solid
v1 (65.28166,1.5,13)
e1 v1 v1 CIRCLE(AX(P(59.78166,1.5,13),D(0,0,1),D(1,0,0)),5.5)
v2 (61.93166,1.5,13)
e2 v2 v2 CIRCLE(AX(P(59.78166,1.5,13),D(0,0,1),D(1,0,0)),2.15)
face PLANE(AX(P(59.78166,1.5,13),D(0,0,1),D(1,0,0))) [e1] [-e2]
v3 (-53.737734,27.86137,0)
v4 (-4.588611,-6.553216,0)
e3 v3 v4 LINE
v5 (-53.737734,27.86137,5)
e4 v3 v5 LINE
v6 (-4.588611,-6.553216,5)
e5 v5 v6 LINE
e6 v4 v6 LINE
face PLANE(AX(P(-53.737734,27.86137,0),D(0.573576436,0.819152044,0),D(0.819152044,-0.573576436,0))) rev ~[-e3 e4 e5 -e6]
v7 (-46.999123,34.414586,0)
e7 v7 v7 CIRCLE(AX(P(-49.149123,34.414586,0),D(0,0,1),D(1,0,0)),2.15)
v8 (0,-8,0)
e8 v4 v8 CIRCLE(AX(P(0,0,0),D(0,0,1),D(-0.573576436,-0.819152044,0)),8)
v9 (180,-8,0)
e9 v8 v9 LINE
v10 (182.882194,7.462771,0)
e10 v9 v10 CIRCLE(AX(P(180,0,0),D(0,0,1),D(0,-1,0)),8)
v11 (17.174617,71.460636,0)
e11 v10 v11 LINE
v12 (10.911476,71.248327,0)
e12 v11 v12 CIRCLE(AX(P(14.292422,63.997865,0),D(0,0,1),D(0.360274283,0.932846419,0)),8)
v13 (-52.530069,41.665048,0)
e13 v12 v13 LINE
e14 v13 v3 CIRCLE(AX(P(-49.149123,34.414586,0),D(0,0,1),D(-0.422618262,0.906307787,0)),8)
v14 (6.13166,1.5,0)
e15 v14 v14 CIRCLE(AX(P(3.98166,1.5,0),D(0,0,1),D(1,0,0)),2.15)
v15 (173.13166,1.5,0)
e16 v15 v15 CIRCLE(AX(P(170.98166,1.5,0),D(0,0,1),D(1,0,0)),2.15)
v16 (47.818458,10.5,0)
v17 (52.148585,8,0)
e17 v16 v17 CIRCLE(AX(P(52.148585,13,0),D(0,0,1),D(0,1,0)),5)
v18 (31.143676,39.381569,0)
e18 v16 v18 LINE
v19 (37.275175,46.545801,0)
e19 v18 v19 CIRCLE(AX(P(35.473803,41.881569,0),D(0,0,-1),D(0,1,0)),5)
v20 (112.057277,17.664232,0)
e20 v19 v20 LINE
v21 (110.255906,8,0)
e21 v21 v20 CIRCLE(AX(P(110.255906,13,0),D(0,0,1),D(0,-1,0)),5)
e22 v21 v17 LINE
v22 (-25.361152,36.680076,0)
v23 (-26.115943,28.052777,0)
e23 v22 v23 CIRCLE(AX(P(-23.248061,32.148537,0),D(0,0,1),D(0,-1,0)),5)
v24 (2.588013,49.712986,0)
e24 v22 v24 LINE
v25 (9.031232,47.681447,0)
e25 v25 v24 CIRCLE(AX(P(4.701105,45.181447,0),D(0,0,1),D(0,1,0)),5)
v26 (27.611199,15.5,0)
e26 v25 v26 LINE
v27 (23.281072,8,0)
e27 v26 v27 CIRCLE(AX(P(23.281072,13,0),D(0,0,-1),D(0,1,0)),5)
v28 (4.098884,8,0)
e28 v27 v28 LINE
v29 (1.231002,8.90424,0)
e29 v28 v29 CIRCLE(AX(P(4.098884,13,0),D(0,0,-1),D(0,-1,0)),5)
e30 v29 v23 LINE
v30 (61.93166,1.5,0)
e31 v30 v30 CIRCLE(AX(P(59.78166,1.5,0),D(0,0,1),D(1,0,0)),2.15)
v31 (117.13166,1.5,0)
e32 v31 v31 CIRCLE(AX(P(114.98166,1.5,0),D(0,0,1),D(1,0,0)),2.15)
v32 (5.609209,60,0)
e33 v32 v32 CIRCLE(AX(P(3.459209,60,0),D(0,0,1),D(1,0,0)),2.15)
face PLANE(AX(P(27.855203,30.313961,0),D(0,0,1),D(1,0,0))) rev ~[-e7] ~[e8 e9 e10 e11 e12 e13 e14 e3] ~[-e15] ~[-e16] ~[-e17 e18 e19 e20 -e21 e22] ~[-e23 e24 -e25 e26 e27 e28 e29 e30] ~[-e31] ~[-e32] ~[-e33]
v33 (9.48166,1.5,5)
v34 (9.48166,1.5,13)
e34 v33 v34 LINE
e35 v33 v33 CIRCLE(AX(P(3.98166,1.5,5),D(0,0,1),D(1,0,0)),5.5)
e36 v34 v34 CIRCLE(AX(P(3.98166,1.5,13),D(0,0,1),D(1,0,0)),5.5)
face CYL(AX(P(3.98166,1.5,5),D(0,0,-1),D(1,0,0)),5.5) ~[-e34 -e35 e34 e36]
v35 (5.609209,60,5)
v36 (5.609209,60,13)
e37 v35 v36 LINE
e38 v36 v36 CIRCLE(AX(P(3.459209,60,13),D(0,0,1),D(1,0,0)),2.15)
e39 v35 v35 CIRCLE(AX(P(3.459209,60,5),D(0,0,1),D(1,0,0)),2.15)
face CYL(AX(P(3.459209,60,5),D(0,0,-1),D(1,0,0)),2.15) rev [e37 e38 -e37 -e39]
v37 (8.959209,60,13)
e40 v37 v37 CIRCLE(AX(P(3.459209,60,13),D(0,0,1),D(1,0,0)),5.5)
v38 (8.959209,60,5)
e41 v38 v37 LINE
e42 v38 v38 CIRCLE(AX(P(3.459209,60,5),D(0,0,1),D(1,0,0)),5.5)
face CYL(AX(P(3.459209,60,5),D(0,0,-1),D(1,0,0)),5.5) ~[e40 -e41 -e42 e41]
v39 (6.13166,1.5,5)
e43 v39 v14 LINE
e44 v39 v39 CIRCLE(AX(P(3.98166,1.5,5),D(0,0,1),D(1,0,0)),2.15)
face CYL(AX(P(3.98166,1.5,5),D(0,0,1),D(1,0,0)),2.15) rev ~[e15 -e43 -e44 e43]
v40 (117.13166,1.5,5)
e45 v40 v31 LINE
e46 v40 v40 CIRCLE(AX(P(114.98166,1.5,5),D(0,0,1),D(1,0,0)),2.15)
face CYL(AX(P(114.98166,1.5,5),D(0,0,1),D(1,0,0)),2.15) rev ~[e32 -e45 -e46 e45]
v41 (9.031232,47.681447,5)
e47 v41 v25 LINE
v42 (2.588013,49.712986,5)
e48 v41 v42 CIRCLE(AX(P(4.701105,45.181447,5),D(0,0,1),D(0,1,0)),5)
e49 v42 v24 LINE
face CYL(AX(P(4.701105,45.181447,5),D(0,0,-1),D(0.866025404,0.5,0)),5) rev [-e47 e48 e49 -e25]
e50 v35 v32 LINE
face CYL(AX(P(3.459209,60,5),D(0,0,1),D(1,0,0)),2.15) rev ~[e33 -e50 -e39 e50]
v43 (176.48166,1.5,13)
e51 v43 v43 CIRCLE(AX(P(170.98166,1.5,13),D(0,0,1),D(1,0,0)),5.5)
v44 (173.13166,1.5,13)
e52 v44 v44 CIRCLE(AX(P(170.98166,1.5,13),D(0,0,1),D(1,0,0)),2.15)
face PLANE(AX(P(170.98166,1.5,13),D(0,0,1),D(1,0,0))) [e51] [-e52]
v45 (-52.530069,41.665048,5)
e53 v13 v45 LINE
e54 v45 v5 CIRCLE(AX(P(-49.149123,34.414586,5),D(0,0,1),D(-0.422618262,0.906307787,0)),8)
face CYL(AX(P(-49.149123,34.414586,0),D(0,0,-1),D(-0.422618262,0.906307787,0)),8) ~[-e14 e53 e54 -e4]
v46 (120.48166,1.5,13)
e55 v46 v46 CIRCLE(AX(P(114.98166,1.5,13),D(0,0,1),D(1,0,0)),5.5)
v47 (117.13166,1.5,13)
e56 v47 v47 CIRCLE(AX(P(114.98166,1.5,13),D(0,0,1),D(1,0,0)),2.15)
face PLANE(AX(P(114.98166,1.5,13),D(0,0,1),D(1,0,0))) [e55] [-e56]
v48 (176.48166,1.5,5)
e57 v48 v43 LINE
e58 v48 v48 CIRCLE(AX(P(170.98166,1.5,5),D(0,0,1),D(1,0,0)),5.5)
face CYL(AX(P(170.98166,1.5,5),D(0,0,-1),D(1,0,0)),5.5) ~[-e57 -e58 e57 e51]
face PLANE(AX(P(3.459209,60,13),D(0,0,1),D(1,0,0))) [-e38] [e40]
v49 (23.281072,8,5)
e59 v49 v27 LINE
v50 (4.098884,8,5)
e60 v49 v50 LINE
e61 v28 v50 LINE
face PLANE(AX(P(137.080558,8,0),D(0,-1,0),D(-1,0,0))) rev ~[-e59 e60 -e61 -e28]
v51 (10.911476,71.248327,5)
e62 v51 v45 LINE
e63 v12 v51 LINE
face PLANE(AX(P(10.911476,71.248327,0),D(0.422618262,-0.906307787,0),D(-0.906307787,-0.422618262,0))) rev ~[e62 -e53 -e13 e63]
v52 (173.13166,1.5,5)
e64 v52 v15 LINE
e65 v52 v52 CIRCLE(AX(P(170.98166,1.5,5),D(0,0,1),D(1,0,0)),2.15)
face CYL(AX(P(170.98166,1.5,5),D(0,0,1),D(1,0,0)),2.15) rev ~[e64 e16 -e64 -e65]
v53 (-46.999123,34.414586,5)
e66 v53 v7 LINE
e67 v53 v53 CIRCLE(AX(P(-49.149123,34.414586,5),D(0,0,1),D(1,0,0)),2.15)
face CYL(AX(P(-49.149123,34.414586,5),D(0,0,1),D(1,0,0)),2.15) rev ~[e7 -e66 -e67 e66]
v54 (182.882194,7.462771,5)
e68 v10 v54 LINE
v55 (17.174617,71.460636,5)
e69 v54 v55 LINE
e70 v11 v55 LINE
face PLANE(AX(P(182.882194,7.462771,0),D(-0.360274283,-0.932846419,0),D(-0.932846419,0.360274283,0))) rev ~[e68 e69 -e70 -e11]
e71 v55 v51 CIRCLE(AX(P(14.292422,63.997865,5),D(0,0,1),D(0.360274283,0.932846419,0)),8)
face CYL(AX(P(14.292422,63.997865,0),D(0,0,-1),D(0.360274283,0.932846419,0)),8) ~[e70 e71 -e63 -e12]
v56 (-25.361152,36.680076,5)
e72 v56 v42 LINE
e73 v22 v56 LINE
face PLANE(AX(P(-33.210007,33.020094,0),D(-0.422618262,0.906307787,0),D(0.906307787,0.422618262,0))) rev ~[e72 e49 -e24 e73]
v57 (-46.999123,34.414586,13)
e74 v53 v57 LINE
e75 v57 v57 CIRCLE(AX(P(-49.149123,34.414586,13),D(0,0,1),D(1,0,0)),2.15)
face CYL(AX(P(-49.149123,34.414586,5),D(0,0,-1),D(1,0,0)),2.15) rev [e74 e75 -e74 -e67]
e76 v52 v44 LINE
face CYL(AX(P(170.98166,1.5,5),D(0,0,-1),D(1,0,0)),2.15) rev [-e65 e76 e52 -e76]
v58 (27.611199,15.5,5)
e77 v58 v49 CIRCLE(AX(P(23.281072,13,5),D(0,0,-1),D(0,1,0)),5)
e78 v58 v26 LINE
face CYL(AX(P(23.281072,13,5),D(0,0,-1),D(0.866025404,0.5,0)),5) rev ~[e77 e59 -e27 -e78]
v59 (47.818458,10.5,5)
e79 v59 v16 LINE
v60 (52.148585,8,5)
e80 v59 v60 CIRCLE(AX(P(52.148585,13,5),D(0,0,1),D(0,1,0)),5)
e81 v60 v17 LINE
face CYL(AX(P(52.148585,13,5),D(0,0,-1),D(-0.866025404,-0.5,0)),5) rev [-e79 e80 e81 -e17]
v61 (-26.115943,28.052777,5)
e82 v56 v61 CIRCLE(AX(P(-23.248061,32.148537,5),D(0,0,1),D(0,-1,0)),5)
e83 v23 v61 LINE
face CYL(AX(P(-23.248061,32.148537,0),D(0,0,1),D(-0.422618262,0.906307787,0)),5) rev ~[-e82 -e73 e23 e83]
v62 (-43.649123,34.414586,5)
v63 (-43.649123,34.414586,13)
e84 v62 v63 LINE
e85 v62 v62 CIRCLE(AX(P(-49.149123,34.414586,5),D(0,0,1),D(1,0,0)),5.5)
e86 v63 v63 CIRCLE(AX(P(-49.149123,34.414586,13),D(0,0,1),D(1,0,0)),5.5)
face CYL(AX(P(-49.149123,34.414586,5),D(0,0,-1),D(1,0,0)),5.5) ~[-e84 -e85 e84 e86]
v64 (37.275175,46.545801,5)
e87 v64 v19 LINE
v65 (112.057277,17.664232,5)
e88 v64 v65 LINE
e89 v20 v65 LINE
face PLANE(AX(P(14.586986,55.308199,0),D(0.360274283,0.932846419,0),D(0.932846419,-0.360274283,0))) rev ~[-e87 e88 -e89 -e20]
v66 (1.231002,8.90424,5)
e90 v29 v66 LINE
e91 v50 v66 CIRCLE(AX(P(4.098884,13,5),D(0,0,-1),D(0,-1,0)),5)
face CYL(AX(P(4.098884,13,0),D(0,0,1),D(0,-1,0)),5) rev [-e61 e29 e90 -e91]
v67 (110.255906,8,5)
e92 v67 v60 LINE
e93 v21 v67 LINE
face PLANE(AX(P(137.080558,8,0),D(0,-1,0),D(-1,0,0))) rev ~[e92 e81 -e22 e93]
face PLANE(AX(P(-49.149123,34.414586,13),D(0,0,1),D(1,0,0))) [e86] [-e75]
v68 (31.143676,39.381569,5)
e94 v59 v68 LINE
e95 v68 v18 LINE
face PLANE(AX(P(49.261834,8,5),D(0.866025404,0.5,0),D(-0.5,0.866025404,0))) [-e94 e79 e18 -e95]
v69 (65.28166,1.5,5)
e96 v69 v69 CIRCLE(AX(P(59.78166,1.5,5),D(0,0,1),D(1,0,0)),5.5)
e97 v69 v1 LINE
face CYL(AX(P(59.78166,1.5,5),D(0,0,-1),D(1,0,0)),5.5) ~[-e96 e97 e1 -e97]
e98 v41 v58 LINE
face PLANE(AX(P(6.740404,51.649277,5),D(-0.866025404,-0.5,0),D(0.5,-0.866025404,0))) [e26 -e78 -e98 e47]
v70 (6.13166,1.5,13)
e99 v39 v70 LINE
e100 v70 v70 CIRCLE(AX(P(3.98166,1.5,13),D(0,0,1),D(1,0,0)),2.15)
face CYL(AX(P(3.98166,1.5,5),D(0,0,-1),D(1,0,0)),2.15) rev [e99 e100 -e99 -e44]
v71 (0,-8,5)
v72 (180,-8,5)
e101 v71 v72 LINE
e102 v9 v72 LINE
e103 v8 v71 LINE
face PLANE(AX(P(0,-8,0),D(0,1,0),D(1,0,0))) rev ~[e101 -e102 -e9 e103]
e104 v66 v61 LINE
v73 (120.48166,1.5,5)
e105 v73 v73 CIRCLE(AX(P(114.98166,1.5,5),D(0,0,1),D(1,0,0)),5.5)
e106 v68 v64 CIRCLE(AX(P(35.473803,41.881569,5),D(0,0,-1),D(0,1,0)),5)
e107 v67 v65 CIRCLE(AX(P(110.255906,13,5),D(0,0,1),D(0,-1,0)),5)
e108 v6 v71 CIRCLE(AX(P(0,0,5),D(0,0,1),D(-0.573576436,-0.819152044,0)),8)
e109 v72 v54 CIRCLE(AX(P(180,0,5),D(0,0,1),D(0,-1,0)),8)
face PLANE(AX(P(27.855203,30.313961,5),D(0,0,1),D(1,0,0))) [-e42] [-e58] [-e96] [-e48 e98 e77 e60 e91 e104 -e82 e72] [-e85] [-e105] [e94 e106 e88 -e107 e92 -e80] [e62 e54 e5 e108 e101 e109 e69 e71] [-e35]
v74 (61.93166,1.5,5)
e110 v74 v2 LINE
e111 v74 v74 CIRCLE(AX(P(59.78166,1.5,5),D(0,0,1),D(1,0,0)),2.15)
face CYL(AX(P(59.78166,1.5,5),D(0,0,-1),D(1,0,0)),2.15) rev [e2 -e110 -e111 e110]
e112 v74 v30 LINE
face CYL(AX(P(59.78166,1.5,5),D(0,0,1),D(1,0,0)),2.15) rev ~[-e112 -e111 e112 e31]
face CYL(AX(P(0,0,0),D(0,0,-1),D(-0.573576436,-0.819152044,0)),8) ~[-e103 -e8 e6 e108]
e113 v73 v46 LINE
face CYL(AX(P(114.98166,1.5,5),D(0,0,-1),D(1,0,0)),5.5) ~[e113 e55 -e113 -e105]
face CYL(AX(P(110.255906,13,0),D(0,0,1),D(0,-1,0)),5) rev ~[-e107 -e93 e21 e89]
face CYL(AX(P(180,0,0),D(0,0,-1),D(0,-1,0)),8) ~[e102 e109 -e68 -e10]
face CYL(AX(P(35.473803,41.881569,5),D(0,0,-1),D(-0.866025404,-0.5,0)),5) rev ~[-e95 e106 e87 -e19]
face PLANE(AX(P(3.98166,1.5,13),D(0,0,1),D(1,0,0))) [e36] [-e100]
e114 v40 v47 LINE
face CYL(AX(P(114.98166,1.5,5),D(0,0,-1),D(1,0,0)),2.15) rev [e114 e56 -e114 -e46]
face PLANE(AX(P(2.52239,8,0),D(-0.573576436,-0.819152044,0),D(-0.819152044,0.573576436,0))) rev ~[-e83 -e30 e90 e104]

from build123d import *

# Parameters (mm, degrees)
BOSS_EXTRUDE1_DEPTH = 5
BOSS_EXTRUDE2_DEPTH = 5
FILLET1_R           = 5
SKETCH3_R           = 5.5
SKETCH3_R_2         = 2.15
BOSS_EXTRUDE3_DEPTH = 8
SKETCH4_R           = 2.15
CUT_EXTRUDE1_DEPTH  = 6


with BuildPart() as part:
    # Sketch1 → Boss-Extrude1 (new body)
    with BuildSketch(Plane.XY):
        with BuildLine():
            Line((-44.560511167, 40.967802535), (-33.210007488, 33.020094297))
            Line((-33.210007488, 33.020094297), (14.586986289, 55.308198532))
            Line((14.586986289, 55.308198532), (11.410228171, 56.535093153))
            ThreePointArc((11.410228171, 56.535093153), (6.297014824, 63.726834744), (10.911476341, 71.248326799))
            Line((10.911476341, 71.248326799), (-52.530068751, 41.665048477))
            ThreePointArc((-52.530068751, 41.665048477), (-48.451876715, 42.384143766), (-44.560511167, 40.967802535))
        make_face()
        with BuildLine():
            Line((14.586986289, 55.308198532), (137.080557575, 8))
            Line((137.080557575, 8), (180, 8))
            ThreePointArc((180, 8), (181.465917665, 7.864546103), (182.882194265, 7.46277135))
            Line((182.882194265, 7.46277135), (17.1746167, 71.460635853))
            ThreePointArc((17.1746167, 71.460635853), (22.287830046, 64.268894262), (17.673368529, 56.747402207))
            Line((17.673368529, 56.747402207), (14.586986289, 55.308198532))
        make_face()
        with BuildLine():
            Line((137.080557575, 8), (2.522390311, 8))
            Line((2.522390311, 8), (4.588611491, 6.553216354))
            ThreePointArc((4.588611491, 6.553216354), (7.629735606, -2.405646396), (0, -8))
            Line((0, -8), (180, -8))
            ThreePointArc((180, -8), (178.534082335, -7.864546103), (177.117805735, -7.46277135))
            Line((177.117805735, -7.46277135), (137.080557575, 8))
        make_face()
        with BuildLine():
            ThreePointArc((-4.588611491, -6.553216354), (-7.629735606, 2.405646396), (0, 8))
            Line((0, 8), (2.522390311, 8))
            Line((2.522390311, 8), (-33.210007488, 33.020094297))
            Line((-33.210007488, 33.020094297), (-45.768176563, 27.164123885))
            ThreePointArc((-45.768176563, 27.164123885), (-49.846368599, 26.445028596), (-53.737734148, 27.861369827))
            Line((-53.737734148, 27.861369827), (-4.588611491, -6.553216354))
        make_face()
        with BuildLine():
            Line((180, 8), (137.080557575, 8))
            Line((137.080557575, 8), (177.117805735, -7.46277135))
            ThreePointArc((177.117805735, -7.46277135), (178.534082335, -7.864546103), (180, -8))
            ThreePointArc((180, -8), (187.864546103, -1.465917665), (182.882194265, 7.46277135))
            ThreePointArc((182.882194265, 7.46277135), (181.465917665, 7.864546103), (180, 8))
        make_face()
        with BuildLine():
            Line((11.410228171, 56.535093153), (14.586986289, 55.308198532))
            Line((14.586986289, 55.308198532), (17.673368529, 56.747402207))
            ThreePointArc((17.673368529, 56.747402207), (22.287830046, 64.268894262), (17.1746167, 71.460635853))
            ThreePointArc((17.1746167, 71.460635853), (14.021392676, 71.993272114), (10.911476341, 71.248326799))
            ThreePointArc((10.911476341, 71.248326799), (6.297014824, 63.726834744), (11.410228171, 56.535093153))
        make_face()
        with BuildLine():
            Line((-45.768176563, 27.164123885), (-33.210007488, 33.020094297))
            Line((-33.210007488, 33.020094297), (-44.560511167, 40.967802535))
            ThreePointArc((-44.560511167, 40.967802535), (-48.451876715, 42.384143766), (-52.530068751, 41.665048477))
            ThreePointArc((-52.530068751, 41.665048477), (-57.118680242, 35.111832123), (-53.737734148, 27.861369827))
            ThreePointArc((-53.737734148, 27.861369827), (-49.846368599, 26.445028596), (-45.768176563, 27.164123885))
        make_face()
        with BuildLine():
            Line((2.522390311, 8), (0, 8))
            ThreePointArc((0, 8), (-7.629735606, 2.405646396), (-4.588611491, -6.553216354))
            ThreePointArc((-4.588611491, -6.553216354), (-2.405646396, -7.629735606), (0, -8))
            ThreePointArc((0, -8), (7.629735606, -2.405646396), (4.588611491, 6.553216354))
            Line((4.588611491, 6.553216354), (2.522390311, 8))
        make_face()
    extrude(amount=BOSS_EXTRUDE1_DEPTH)

    # Sketch2 → Boss-Extrude2 (add, through all)
    with BuildSketch(Plane.XY.offset(5)):
        Polygon((14.586986289, 55.308198532), (6.740403892, 51.64927707), (31.941325759, 8), (49.261833834, 8), (24.060911968, 51.64927707), align=None)
    extrude(amount=-BOSS_EXTRUDE2_DEPTH)

    # Fillet1
    fillet1_edges = [part.edges().sort_by_distance(p)[0] for p in [
        (-33.210007488, 33.020094297, 2.5),
        (2.522390311, 8, 2.5),
        (137.080557575, 8, 2.5),
        (24.060911968, 51.64927707, 2.5),
        (49.261833834, 8, 2.5),
        (31.941325759, 8, 2.5),
        (6.740403892, 51.64927707, 2.5),
    ]]
    fillet(fillet1_edges, radius=FILLET1_R)

    # Sketch3 → Boss-Extrude3 (add)
    with BuildSketch(Plane.XY.offset(5)):
        with Locations((-49.149122657, 34.414586181)):
            Circle(SKETCH3_R)
        with Locations((-49.149122657, 34.414586181)):
            Circle(SKETCH3_R_2, mode=Mode.SUBTRACT)
        with Locations((3.981659537, 1.5)):
            Circle(SKETCH3_R)
        with Locations((3.981659537, 1.5)):
            Circle(SKETCH3_R_2, mode=Mode.SUBTRACT)
        with Locations((59.781659537, 1.5)):
            Circle(SKETCH3_R)
        with Locations((59.781659537, 1.5)):
            Circle(SKETCH3_R_2, mode=Mode.SUBTRACT)
        with Locations((114.981659537, 1.5)):
            Circle(SKETCH3_R)
        with Locations((114.981659537, 1.5)):
            Circle(SKETCH3_R_2, mode=Mode.SUBTRACT)
        with Locations((170.981659537, 1.5)):
            Circle(SKETCH3_R)
        with Locations((170.981659537, 1.5)):
            Circle(SKETCH3_R_2, mode=Mode.SUBTRACT)
        with Locations((3.45920938, 60)):
            Circle(SKETCH3_R)
        with Locations((3.45920938, 60)):
            Circle(SKETCH3_R_2, mode=Mode.SUBTRACT)
    extrude(amount=BOSS_EXTRUDE3_DEPTH)

    # Sketch4 → Cut-Extrude1 (cut, through all)
    with BuildSketch(Plane.XY.offset(5)):
        with Locations((-49.149122657, 34.414586181)):
            Circle(SKETCH4_R)
        with Locations((3.981659537, 1.5)):
            Circle(SKETCH4_R)
        with Locations((59.781659537, 1.5)):
            Circle(SKETCH4_R)
        with Locations((114.981659537, 1.5)):
            Circle(SKETCH4_R)
        with Locations((170.981659537, 1.5)):
            Circle(SKETCH4_R)
        with Locations((3.45920938, 60)):
            Circle(SKETCH4_R)
    extrude(amount=-CUT_EXTRUDE1_DEPTH, mode=Mode.SUBTRACT)


solid = part.part
